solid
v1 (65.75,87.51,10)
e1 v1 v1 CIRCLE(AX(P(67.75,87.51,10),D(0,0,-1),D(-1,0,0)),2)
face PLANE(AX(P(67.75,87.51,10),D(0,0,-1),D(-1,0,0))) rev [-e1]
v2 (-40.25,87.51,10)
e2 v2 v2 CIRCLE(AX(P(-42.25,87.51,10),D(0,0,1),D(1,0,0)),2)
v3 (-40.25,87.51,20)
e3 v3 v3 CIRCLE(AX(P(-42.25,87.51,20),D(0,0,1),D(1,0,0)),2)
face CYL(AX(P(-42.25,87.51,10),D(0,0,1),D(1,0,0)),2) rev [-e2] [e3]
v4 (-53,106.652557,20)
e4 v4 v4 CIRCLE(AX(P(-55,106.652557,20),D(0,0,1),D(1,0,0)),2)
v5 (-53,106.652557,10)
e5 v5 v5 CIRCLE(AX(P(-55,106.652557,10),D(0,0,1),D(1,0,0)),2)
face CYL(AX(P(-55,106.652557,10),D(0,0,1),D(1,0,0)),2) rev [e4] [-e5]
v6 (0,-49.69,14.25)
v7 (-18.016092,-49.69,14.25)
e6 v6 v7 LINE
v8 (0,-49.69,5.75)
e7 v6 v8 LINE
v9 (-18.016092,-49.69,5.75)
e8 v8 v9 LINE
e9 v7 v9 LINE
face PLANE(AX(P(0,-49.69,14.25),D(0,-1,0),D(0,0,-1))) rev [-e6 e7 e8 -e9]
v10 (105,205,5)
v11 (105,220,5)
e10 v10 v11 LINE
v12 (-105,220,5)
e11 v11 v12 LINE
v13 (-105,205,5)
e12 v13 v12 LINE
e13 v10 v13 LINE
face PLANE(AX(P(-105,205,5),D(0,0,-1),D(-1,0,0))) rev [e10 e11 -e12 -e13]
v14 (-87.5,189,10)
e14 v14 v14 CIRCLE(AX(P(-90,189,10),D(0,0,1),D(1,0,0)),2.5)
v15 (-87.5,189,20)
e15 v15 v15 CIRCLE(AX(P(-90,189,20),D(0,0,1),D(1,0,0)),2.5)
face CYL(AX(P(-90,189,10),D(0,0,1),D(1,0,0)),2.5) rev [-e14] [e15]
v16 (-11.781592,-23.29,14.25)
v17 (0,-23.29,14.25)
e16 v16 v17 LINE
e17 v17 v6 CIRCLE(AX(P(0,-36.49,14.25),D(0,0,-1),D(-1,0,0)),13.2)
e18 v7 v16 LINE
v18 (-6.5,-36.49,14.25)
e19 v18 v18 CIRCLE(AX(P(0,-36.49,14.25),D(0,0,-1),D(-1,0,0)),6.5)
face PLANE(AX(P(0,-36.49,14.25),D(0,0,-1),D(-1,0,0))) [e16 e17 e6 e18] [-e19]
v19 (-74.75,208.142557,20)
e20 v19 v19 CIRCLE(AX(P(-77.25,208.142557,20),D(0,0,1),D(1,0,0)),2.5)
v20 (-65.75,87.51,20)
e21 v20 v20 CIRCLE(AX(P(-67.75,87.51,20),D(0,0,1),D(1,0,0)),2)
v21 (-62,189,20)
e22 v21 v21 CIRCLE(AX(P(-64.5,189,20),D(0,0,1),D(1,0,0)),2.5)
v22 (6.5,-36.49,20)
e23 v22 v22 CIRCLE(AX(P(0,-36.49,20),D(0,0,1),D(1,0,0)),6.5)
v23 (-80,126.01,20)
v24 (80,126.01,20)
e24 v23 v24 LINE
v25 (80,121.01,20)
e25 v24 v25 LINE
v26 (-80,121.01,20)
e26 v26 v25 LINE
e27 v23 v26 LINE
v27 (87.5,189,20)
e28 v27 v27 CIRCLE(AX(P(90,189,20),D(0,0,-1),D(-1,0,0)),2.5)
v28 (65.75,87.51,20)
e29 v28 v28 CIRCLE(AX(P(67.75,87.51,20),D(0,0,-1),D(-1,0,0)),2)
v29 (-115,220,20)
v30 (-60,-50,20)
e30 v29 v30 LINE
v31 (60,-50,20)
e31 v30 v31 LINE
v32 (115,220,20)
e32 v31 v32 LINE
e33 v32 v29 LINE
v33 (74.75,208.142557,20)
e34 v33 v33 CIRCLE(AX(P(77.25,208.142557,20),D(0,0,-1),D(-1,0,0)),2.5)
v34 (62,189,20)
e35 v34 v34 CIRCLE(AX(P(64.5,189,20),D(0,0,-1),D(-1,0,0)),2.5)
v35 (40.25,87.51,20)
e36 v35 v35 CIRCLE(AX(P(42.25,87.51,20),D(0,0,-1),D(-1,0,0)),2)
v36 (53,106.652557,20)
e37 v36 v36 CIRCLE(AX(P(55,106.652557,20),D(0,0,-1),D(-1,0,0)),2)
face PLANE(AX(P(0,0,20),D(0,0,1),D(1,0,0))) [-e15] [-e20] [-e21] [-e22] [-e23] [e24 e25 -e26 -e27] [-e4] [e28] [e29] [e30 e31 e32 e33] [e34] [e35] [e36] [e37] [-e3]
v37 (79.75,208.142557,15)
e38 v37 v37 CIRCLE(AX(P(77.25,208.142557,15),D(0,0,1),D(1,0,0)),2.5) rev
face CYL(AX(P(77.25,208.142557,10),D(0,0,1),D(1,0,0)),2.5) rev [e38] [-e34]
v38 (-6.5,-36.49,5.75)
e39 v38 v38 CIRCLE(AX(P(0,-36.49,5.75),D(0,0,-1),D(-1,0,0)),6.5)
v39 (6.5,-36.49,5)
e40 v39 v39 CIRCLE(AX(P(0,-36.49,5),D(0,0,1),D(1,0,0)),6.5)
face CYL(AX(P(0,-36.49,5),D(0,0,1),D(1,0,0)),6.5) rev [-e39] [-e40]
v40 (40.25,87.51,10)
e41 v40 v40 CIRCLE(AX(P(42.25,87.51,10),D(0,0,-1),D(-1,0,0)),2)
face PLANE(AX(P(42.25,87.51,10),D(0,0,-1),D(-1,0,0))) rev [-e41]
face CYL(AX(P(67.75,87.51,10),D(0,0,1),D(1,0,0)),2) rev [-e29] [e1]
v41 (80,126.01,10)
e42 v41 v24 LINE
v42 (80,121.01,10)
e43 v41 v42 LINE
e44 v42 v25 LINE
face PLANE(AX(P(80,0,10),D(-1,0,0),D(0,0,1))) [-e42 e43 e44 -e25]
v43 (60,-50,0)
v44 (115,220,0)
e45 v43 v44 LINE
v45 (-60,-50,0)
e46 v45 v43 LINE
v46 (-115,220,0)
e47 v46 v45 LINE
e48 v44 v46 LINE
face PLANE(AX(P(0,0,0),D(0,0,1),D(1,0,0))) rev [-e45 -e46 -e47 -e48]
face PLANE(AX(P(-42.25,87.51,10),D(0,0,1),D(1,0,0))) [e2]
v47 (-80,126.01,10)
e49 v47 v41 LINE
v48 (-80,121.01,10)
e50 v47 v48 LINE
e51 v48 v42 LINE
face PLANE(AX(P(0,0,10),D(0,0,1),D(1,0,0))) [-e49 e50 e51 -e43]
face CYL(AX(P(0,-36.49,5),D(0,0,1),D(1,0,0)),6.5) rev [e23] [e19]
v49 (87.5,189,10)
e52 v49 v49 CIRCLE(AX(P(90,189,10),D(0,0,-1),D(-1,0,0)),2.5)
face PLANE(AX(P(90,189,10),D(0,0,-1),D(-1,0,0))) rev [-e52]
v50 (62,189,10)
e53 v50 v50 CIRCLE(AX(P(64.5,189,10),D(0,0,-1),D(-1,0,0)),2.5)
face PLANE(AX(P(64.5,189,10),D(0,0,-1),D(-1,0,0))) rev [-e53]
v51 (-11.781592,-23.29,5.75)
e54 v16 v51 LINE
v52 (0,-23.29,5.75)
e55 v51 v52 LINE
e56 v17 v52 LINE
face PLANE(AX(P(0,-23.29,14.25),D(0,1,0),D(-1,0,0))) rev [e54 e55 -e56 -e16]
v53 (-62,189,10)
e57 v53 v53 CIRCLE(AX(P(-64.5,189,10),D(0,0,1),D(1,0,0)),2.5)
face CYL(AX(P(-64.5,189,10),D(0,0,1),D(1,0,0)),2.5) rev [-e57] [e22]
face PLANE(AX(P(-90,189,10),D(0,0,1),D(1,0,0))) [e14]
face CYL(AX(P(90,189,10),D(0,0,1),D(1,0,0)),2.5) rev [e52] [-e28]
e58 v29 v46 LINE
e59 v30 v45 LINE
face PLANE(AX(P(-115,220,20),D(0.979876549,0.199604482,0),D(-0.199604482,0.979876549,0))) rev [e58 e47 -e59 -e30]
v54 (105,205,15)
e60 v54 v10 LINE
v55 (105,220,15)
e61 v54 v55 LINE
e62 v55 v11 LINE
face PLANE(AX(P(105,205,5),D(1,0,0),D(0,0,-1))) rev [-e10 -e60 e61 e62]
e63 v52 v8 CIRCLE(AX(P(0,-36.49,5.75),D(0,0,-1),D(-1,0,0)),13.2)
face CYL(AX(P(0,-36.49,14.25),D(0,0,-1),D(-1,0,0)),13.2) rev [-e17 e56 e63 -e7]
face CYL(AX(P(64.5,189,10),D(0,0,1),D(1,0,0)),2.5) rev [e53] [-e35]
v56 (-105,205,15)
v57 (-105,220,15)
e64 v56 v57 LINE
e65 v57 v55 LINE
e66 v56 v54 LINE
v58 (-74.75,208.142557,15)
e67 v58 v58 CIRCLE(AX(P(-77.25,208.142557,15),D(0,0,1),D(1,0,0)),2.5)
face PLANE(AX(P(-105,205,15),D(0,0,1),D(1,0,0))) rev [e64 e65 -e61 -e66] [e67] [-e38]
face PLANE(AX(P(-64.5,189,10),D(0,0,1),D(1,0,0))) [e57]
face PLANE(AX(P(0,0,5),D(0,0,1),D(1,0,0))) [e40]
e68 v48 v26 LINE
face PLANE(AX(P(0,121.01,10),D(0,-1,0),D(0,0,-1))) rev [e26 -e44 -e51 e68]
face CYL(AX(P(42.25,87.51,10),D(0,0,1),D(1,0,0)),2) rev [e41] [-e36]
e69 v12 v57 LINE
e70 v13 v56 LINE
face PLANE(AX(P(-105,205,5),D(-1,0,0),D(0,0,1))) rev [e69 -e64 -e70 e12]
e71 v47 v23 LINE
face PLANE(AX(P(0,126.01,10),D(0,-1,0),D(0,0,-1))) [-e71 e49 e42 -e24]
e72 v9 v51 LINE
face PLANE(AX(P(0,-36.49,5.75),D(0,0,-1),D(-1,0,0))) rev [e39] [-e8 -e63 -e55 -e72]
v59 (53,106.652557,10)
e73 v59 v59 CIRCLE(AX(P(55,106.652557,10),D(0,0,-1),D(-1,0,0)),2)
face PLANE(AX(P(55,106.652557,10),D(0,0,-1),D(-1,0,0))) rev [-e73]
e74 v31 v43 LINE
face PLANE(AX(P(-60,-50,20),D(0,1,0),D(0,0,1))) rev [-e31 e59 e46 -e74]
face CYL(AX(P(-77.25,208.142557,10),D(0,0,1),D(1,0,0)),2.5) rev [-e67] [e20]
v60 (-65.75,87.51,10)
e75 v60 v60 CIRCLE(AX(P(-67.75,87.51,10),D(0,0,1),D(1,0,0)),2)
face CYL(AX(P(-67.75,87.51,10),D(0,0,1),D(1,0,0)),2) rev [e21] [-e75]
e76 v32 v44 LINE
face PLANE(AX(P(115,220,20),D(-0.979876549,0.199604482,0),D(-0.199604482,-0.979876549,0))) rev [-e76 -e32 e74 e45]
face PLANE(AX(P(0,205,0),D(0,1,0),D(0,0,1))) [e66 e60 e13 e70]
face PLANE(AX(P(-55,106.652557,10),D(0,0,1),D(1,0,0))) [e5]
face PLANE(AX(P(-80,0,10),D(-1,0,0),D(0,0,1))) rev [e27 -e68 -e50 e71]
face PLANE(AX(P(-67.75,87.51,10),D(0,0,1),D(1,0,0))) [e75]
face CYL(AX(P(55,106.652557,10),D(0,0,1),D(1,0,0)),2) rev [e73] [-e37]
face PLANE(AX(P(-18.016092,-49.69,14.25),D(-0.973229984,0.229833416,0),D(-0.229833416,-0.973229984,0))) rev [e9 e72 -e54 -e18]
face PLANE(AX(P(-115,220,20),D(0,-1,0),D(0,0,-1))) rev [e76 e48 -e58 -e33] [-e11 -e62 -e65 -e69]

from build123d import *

# Parameters (mm, degrees)
EXTRUDE_1_DEPTH     = 20
SKETCH_3_W          = 210
SKETCH_3_H          = 10
CUT_EXTRUDE_1_DEPTH = 15
SKETCH_4_W          = 160
SKETCH_4_H          = 5
CUT_EXTRUDE_2_DEPTH = 10
SKETCH_5_R          = 2.5
SKETCH_5_R_2        = 2
CUT_EXTRUDE_3_DEPTH = 10
CUT_EXTRUDE_4_DEPTH = 4.25
SKETCH_8_R          = 6.5
CUT_EXTRUDE_6_DEPTH = 15


with BuildPart() as part:
    # 草图1 → 凸台-拉伸1 (new body)
    with BuildSketch(Plane.XY):
        Polygon((-115, 220), (115, 220), (60, -50), (-60, -50), align=None)
    extrude(amount=EXTRUDE_1_DEPTH)

    # 草图3 → 切除-拉伸1 (cut)
    with BuildSketch(Plane(origin=(0, 220, 0), x_dir=(1, 0, 0), z_dir=(0, 1, 0))):
        with Locations((0, -10)):
            Rectangle(SKETCH_3_W, SKETCH_3_H)
    extrude(amount=-CUT_EXTRUDE_1_DEPTH, mode=Mode.SUBTRACT)

    # 草图4 → 切除-拉伸2 (cut)
    with BuildSketch(Plane.XY.offset(20)):
        with Locations((0, 123.51)):
            Rectangle(SKETCH_4_W, SKETCH_4_H)
    extrude(amount=-CUT_EXTRUDE_2_DEPTH, mode=Mode.SUBTRACT)

    # 草图5 → 切除-拉伸3 (cut)
    with BuildSketch(Plane.XY.offset(20)):
        with Locations((-77.25, 208.1425573)):
            Circle(SKETCH_5_R)
        with Locations((-90, 189)):
            Circle(SKETCH_5_R)
        with Locations((-64.5, 189)):
            Circle(SKETCH_5_R)
        with Locations((-55, 106.6525573)):
            Circle(SKETCH_5_R_2)
        with Locations((-67.75, 87.51)):
            Circle(SKETCH_5_R_2)
        with Locations((-42.25, 87.51)):
            Circle(SKETCH_5_R_2)
        with Locations(Location((42.25, 87.51, 0), (0, 0, 180))):
            Circle(SKETCH_5_R_2)
        with Locations(Location((67.75, 87.51, 0), (0, 0, 180))):
            Circle(SKETCH_5_R_2)
        with Locations(Location((55, 106.6525573, 0), (0, 0, 180))):
            Circle(SKETCH_5_R_2)
        with Locations(Location((64.5, 189, 0), (0, 0, 180))):
            Circle(SKETCH_5_R)
        with Locations(Location((90, 189, 0), (0, 0, 180))):
            Circle(SKETCH_5_R)
        with Locations((77.25, 208.1425573)):
            Circle(SKETCH_5_R)
    extrude(amount=-CUT_EXTRUDE_3_DEPTH, mode=Mode.SUBTRACT)

    # 草图6 → 切除-拉伸4 (cut, symmetric)
    with BuildSketch(Plane(origin=(0, 0, 10), x_dir=(-1, 0, 0), z_dir=(0, 0, -1))):
        with BuildLine():
            Line((0, -49.69), (18.016092171, -49.69))
            Line((18.016092171, -49.69), (11.781592332, -23.29))
            Line((11.781592332, -23.29), (0, -23.29))
            ThreePointArc((0, -23.29), (-13.2, -36.49), (0, -49.69))
        make_face()
    extrude(amount=CUT_EXTRUDE_4_DEPTH, both=True, mode=Mode.SUBTRACT)

    # 草图8 → 切除-拉伸6 (cut)
    with BuildSketch(Plane.XY.offset(20)):
        with Locations((0, -36.49)):
            Circle(SKETCH_8_R)
    extrude(amount=-CUT_EXTRUDE_6_DEPTH, mode=Mode.SUBTRACT)


solid = part.part
